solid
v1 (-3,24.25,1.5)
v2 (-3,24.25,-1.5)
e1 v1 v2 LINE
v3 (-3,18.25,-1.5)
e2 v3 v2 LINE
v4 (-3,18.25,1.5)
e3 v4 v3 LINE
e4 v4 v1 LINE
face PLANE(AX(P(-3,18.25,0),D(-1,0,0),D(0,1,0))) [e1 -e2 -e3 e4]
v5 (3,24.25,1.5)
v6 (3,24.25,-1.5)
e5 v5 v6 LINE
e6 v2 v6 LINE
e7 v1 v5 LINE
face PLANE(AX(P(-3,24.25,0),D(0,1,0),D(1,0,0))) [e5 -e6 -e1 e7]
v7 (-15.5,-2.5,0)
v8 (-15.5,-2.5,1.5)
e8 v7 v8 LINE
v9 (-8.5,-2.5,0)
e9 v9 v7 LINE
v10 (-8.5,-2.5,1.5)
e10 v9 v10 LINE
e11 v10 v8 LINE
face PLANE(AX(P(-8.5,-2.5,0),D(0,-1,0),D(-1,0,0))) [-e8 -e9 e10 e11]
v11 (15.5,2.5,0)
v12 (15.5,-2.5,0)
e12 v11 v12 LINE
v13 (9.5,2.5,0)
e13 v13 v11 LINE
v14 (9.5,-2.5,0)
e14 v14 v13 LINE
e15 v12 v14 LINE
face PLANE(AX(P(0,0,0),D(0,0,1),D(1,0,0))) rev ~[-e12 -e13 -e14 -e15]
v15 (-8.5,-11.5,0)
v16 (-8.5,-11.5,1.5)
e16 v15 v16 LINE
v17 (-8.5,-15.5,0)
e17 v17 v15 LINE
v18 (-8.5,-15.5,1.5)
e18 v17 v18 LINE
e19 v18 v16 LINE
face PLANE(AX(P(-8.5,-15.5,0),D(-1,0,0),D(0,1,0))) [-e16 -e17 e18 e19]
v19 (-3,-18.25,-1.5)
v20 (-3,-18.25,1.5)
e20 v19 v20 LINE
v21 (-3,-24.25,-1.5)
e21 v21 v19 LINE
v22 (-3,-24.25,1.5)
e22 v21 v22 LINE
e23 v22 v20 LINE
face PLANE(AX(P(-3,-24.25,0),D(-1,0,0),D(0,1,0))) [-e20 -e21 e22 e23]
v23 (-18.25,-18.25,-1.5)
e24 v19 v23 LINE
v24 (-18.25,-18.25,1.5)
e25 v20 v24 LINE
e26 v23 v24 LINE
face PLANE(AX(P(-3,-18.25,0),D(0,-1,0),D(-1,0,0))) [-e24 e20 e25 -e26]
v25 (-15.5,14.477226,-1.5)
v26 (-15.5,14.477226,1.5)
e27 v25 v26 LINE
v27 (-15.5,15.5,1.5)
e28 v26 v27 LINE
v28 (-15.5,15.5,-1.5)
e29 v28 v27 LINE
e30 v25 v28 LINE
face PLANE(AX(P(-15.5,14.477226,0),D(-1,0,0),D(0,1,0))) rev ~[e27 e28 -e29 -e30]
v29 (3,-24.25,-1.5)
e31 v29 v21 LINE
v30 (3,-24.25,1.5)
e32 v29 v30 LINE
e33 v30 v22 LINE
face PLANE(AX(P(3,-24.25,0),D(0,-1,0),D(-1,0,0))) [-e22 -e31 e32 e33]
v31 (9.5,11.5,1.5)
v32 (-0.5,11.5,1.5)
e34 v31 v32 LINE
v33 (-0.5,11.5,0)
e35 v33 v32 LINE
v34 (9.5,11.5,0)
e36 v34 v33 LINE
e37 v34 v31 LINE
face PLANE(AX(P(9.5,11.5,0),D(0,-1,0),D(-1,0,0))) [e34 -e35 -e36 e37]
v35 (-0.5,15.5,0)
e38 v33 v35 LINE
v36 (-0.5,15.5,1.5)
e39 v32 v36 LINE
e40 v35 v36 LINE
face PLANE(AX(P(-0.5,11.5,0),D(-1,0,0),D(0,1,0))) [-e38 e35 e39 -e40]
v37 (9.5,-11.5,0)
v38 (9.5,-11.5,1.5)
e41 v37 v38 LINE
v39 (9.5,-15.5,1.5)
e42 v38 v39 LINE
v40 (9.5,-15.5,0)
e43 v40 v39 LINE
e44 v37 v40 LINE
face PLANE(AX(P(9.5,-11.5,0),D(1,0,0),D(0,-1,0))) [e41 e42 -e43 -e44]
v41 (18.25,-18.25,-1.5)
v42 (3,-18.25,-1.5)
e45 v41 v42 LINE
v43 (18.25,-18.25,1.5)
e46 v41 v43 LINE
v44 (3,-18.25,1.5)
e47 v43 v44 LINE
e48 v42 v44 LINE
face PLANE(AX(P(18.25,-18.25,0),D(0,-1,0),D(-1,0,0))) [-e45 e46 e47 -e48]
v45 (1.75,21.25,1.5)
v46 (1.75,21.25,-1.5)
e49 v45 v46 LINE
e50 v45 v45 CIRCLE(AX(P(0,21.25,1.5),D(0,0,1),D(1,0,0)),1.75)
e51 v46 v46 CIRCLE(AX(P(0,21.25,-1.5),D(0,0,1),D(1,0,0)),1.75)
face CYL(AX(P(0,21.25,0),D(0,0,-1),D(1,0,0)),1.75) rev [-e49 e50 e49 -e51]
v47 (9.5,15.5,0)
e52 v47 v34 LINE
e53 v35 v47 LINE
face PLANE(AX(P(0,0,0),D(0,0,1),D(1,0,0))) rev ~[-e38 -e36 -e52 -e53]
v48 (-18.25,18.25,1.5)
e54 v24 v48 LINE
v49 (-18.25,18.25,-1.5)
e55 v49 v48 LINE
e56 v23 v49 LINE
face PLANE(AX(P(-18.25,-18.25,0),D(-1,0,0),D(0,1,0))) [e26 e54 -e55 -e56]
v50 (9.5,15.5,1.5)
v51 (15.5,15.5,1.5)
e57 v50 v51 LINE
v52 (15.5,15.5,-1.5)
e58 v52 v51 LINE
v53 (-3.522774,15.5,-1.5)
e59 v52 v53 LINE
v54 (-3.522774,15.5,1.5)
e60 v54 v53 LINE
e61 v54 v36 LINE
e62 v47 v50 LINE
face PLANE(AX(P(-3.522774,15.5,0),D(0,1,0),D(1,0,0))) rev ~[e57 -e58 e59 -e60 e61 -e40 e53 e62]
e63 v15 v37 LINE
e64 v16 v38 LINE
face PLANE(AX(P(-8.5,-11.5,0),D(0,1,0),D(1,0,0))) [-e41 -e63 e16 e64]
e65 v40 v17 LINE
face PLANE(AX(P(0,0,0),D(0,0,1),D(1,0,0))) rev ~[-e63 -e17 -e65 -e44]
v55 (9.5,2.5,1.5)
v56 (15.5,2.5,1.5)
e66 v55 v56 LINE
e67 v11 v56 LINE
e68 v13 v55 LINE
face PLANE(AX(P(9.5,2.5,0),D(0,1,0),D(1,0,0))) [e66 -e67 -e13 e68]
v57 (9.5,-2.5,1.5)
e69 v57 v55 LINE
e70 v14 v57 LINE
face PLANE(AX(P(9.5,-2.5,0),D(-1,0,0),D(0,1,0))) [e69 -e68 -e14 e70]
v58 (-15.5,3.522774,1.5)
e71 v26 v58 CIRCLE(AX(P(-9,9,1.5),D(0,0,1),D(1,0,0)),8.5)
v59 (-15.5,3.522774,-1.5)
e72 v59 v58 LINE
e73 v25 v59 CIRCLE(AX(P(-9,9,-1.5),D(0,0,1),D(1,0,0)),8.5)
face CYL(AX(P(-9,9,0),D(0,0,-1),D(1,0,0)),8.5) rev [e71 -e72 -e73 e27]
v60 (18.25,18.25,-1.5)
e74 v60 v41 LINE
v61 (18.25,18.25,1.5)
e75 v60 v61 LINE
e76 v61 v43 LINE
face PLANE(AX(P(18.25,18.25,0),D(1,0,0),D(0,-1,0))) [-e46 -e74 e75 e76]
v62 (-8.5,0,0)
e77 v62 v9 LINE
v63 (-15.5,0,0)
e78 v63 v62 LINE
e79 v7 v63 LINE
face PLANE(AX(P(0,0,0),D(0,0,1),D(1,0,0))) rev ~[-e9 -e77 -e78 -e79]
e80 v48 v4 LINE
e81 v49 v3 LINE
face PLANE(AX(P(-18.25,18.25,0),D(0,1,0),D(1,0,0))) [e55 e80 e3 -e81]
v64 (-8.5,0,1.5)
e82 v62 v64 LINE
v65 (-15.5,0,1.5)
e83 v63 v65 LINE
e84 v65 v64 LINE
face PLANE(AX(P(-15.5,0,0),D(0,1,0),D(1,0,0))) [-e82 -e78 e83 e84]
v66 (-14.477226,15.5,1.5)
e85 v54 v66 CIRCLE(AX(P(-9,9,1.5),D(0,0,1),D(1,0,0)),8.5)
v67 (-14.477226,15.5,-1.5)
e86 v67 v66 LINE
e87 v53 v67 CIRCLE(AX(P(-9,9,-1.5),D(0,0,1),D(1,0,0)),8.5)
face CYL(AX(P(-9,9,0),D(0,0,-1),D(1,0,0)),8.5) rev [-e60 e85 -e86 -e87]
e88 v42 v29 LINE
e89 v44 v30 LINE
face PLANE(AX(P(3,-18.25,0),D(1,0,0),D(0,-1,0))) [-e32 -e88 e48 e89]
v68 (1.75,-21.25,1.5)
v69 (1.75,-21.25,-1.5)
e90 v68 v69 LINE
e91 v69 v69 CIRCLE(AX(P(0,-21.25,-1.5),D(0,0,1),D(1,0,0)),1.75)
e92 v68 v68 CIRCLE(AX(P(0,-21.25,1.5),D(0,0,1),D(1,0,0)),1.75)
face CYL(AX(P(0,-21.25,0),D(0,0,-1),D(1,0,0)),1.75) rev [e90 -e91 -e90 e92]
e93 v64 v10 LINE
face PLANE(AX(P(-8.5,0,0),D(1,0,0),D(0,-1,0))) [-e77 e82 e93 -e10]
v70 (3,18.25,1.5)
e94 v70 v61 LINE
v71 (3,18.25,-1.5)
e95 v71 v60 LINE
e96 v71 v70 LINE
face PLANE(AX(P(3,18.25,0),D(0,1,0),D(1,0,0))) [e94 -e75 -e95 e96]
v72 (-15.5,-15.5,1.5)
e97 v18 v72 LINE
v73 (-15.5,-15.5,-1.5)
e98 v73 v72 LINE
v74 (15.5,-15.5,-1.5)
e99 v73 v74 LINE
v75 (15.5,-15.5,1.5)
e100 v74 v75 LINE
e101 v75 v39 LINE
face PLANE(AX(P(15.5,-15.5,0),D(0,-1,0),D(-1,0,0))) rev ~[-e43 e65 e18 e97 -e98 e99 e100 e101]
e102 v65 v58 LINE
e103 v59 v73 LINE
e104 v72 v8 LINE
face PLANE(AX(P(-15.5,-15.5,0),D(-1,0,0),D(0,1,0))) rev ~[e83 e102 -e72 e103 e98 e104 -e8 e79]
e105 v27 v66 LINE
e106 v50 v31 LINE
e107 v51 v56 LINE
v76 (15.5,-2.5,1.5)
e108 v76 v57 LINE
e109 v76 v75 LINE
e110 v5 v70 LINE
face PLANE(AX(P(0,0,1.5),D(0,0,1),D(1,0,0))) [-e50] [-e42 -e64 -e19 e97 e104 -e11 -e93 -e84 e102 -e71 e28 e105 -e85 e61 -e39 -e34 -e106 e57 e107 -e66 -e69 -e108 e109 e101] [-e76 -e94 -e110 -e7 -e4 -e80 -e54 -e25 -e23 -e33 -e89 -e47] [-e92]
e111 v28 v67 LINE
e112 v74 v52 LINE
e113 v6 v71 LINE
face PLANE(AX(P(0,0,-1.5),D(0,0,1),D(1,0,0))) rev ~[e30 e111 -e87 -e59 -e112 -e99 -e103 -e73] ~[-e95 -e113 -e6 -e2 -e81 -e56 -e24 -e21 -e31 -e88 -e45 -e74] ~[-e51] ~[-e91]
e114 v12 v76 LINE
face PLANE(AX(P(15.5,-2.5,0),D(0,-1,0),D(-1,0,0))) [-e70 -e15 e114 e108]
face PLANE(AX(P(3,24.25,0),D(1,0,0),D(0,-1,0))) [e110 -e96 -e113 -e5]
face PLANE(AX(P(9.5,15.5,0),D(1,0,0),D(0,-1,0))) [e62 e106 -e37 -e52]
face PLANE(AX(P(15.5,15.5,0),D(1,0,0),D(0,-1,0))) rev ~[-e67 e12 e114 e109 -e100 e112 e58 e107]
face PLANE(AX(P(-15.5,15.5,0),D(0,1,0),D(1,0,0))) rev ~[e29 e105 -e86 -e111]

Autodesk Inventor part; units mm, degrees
ref_plane "YZ Plane" through (0, 0, 0) normal (1, 0, 0) x (0, 1, 0)
ref_plane "XZ Plane" through (0, 0, 0) normal (0, 1, 0) x (-1, 0, 0)
ref_plane "XY Plane" through (0, 0, 0) normal (0, 0, 1) x (1, 0, 0)
sketch "shape" plane through (0, 0, 0) normal (0, 0, 1) x (1, 0, 0)
  line L0 (-18.25, 18.25) -> (18.25, 18.25)
  line L1 (18.25, 18.25) -> (18.25, -18.25)
  line L2 (18.25, -18.25) -> (-18.25, -18.25)
  line L3 (-18.25, -18.25) -> (-18.25, 18.25)
  line L4 (-15.5, 15.5) -> (15.5, 15.5)
  line L5 (15.5, 15.5) -> (15.5, -15.5)
  line L6 (15.5, -15.5) -> (-15.5, -15.5)
  line L7 (-15.5, -15.5) -> (-15.5, 15.5)
  line L8 (9.5, 2.5) -> (15.5, 2.5)
  line L9 (15.5, 2.5) -> (15.5, -2.5)
  line L10 (15.5, -2.5) -> (9.5, -2.5)
  line L11 (9.5, -2.5) -> (9.5, 2.5)
  line L12 (-0.5, 15.5) -> (9.5, 15.5)
  line L13 (9.5, 15.5) -> (9.5, 11.5)
  line L14 (9.5, 11.5) -> (-0.5, 11.5)
  line L15 (-0.5, 11.5) -> (-0.5, 15.5)
  line L16 (-8.5, -11.5) -> (9.5, -11.5)
  line L17 (9.5, -11.5) -> (9.5, -15.5)
  line L18 (9.5, -15.5) -> (-8.5, -15.5)
  line L19 (-8.5, -15.5) -> (-8.5, -11.5)
  line L20 (-15.5, 0) -> (-8.5, 0)
  line L21 (-8.5, 0) -> (-8.5, -2.5)
  line L22 (-8.5, -2.5) -> (-15.5, -2.5)
  line L23 (-15.5, -2.5) -> (-15.5, 0)
  circle A0 centre (-9, 9) radius 8.5
  line L24 (-3, 24.25) -> (3, 24.25)
  line L25 (3, 24.25) -> (3, 18.25)
  line L26 (3, 18.25) -> (-3, 18.25)
  line L27 (-3, 18.25) -> (-3, 24.25)
  line L28 (-3, -18.25) -> (3, -18.25)
  line L29 (3, -18.25) -> (3, -24.25)
  line L30 (3, -24.25) -> (-3, -24.25)
  line L31 (-3, -24.25) -> (-3, -18.25)
  circle A1 centre (0, -21.25) radius 1.75
  circle A2 centre (0, 21.25) radius 1.75
  point P0 (0, 0)
  point P1 (-18.25, 0)
  point P2 (0, 18.25)
  point P3 (-15.5, 0)
  point P4 (0, 15.5)
  point P5 (0, 24.25)
  point P6 (3, 21.25)
  point P7 (0, -24.25)
  point P8 (3, -21.25)
  dimension "d1" = 36.5
  dimension "d2" = 31
  dimension "d3" = 31
  dimension "d4" = 5
  dimension "d5" = 6
  dimension "d6" = 13
  dimension "d7" = 10
  dimension "d8" = 4
  dimension "d9" = 6
  dimension "d10" = 18
  dimension "d11" = 4
  dimension "d12" = 6
  dimension "d13" = 7
  dimension "d14" = 2.5
  dimension "d15" = 13
  dimension "d16" = 17
  dimension "d17" = 6.5
  dimension "d18" = 6.5
  dimension "d21" = 6
  dimension "d23" = 3.5
extrude "over pcb" add sketch "shape" along normal blind 1.5 contours L0 L1 L2 L3 | L27 L24 L25 L0 | L2 L29 L30 L31 | L4 L13 L14 L15 | L5 L10 L11 L8 | L20 L21 L22 L7 | L6 L19 L16 L17
extrude "around pcb" add sketch "shape" against normal blind 1.5
equation "\"d18\" = d17"
properties part number "MCP73871_holder"
